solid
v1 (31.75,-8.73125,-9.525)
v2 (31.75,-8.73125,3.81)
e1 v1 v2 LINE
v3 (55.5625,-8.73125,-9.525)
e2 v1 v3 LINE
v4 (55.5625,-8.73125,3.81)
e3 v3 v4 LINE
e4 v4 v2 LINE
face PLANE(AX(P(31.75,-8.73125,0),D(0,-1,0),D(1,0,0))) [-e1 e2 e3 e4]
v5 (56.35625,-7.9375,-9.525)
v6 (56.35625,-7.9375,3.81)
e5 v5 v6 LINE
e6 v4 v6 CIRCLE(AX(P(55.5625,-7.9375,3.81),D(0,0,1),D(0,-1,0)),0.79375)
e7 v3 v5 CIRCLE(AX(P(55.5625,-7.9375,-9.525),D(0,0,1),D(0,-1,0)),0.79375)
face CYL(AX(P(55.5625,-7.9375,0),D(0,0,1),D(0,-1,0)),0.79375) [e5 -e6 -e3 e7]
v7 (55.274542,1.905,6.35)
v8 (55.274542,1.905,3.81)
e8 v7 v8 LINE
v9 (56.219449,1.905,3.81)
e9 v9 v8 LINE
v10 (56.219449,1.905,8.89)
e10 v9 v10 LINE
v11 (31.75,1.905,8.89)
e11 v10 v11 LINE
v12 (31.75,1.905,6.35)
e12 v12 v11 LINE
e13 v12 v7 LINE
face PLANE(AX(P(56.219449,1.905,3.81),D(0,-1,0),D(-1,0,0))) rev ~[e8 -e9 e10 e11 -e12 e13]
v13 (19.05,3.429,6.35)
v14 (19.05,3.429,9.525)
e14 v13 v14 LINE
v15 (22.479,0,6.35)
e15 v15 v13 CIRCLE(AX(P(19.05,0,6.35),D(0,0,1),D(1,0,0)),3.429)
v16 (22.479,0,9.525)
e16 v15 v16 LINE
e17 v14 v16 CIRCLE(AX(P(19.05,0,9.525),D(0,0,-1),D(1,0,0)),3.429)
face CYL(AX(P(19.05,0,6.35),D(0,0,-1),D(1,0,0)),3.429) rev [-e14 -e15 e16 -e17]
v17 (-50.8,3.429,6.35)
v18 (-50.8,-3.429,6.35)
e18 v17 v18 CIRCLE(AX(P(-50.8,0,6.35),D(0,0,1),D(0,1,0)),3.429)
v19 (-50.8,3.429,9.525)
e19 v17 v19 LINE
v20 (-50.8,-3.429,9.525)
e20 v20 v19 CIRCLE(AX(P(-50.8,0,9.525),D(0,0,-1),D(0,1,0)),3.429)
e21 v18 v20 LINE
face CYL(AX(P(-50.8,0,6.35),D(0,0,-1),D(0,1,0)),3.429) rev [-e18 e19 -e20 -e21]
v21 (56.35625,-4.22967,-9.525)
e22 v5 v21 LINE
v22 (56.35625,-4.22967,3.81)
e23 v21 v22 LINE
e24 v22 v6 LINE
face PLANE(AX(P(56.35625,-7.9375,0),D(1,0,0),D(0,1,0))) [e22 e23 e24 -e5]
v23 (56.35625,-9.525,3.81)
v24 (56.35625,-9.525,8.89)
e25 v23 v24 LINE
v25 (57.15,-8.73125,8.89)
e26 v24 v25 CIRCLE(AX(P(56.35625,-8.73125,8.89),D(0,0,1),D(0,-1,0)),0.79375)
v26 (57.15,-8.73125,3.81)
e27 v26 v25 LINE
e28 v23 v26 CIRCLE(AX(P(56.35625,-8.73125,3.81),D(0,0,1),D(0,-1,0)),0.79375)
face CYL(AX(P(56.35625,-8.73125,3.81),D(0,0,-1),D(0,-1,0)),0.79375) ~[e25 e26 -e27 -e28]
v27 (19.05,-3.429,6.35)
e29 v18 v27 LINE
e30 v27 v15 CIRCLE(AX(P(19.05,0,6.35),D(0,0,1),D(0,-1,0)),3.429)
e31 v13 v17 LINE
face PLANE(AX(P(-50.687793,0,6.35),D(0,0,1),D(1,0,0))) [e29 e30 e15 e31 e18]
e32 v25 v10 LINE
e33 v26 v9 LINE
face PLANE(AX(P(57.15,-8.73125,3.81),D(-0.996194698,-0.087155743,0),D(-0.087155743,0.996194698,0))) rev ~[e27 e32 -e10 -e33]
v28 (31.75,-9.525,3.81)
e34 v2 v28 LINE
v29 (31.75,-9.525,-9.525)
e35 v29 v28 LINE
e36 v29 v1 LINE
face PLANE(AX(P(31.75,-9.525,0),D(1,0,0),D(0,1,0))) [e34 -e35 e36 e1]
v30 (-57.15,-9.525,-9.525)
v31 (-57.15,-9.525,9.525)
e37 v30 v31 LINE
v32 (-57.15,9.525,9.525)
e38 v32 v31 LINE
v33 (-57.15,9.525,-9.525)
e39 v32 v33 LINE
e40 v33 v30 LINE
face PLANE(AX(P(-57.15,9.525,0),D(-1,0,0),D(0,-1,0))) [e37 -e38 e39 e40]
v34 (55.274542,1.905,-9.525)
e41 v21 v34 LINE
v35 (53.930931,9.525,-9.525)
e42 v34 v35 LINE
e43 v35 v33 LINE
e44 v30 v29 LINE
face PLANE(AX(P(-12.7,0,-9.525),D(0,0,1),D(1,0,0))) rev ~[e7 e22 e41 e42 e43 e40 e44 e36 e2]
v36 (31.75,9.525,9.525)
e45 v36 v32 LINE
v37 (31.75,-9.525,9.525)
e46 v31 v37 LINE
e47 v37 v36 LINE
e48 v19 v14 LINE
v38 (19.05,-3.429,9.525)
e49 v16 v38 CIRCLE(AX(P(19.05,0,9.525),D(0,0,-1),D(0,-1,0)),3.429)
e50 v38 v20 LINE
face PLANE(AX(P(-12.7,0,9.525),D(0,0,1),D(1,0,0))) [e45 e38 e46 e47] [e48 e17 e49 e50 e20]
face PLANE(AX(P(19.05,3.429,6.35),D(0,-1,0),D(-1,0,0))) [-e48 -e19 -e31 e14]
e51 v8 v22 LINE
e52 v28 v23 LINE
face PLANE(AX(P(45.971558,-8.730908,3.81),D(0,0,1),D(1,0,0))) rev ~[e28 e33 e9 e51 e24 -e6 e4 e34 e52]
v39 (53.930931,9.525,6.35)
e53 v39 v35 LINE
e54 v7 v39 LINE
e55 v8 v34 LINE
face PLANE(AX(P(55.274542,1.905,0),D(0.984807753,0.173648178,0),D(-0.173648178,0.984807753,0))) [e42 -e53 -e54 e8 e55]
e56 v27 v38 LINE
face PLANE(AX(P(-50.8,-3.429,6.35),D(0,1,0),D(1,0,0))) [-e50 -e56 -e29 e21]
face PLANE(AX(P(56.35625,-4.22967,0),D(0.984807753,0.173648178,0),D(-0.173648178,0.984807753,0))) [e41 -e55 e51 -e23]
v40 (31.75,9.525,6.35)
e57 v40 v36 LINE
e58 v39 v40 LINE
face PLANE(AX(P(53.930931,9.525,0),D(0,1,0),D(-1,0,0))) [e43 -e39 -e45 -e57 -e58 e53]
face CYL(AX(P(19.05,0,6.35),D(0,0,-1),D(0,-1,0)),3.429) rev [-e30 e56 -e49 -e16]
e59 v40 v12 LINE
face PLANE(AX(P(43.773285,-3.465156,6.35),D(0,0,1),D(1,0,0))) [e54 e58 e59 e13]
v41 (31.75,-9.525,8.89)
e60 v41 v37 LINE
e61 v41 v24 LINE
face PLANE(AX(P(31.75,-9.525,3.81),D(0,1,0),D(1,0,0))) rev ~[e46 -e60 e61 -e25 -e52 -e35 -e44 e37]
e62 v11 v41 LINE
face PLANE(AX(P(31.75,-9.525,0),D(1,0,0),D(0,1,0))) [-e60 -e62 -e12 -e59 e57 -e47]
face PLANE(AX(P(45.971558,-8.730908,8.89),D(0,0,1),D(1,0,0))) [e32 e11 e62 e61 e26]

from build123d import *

# Parameters (mm, degrees)
F1_DEPTH = 9.525
F2_START = 6.35
F2_DEPTH = 6.35
F3_START = 3.81
F3_DEPTH = 5.08


with BuildPart() as f1:
    # F0 (on Top) → F1 (new body, symmetric)
    with BuildSketch(Plane.XY):
        Polygon((-57.15, 9.525), (-57.15, -9.525), (31.75, -9.525), (31.75, -8.73125), (31.75, 1.905), (31.75, 9.525), align=None)
        with BuildLine():
            ThreePointArc((-50.8, -3.429), (-54.229, 0), (-50.8, 3.429))
            Line((-50.8, 3.429), (19.05, 3.429))
            ThreePointArc((19.05, 3.429), (21.4746691527, 2.4246691527), (22.479, 0))
            ThreePointArc((22.479, 0), (21.4746691527, -2.4246691527), (19.05, -3.429))
            Line((19.05, -3.429), (-50.8, -3.429))
        make_face(mode=Mode.SUBTRACT)
        with BuildLine():
            Line((31.75, 1.905), (31.75, -8.73125))
            Line((31.75, -8.73125), (55.5625, -8.73125))
            ThreePointArc((55.5625, -8.73125), (56.1237660076, -8.4987660076), (56.35625, -7.9375))
            Line((56.35625, -7.9375), (56.35625, -4.2296700557))
            Line((56.35625, -4.2296700557), (55.2745421514, 1.905))
            Line((55.2745421514, 1.905), (31.75, 1.905))
        make_face()
        Polygon((53.9309305584, 9.525), (31.75, 9.525), (31.75, 1.905), (55.2745421514, 1.905), align=None)
        with BuildLine():
            ThreePointArc((-50.8, -3.429), (-48.3753308473, -2.4246691527), (-47.371, 0))
            ThreePointArc((-47.371, 0), (-48.3753308473, 2.4246691527), (-50.8, 3.429))
            ThreePointArc((-50.8, 3.429), (-54.229, 0), (-50.8, -3.429))
        make_face()
        with BuildLine():
            ThreePointArc((-50.8, 3.429), (-48.3753308473, 2.4246691527), (-47.371, 0))
            ThreePointArc((-47.371, 0), (-48.3753308473, -2.4246691527), (-50.8, -3.429))
            Line((-50.8, -3.429), (19.05, -3.429))
            ThreePointArc((19.05, -3.429), (15.621, 0), (19.05, 3.429))
            Line((19.05, 3.429), (-50.8, 3.429))
        make_face()
        with BuildLine():
            ThreePointArc((22.479, 0), (21.4746691527, 2.4246691527), (19.05, 3.429))
            ThreePointArc((19.05, 3.429), (15.621, 0), (19.05, -3.429))
            ThreePointArc((19.05, -3.429), (21.4746691527, -2.4246691527), (22.479, 0))
        make_face()
    extrude(amount=F1_DEPTH, both=True)

    # F0 (on Top) → F2 (cut)
    with BuildSketch(Plane.XY.offset(F2_START)):
        with BuildLine():
            Line((31.75, 1.905), (31.75, -8.73125))
            Line((31.75, -8.73125), (55.5625, -8.73125))
            ThreePointArc((55.5625, -8.73125), (56.1237660076, -8.4987660076), (56.35625, -7.9375))
            Line((56.35625, -7.9375), (56.35625, -4.2296700557))
            Line((56.35625, -4.2296700557), (55.2745421514, 1.905))
            Line((55.2745421514, 1.905), (31.75, 1.905))
        make_face()
        Polygon((53.9309305584, 9.525), (31.75, 9.525), (31.75, 1.905), (55.2745421514, 1.905), align=None)
        with BuildLine():
            ThreePointArc((-50.8, -3.429), (-48.3753308473, -2.4246691527), (-47.371, 0))
            ThreePointArc((-47.371, 0), (-48.3753308473, 2.4246691527), (-50.8, 3.429))
            ThreePointArc((-50.8, 3.429), (-54.229, 0), (-50.8, -3.429))
        make_face()
        with BuildLine():
            ThreePointArc((-50.8, 3.429), (-48.3753308473, 2.4246691527), (-47.371, 0))
            ThreePointArc((-47.371, 0), (-48.3753308473, -2.4246691527), (-50.8, -3.429))
            Line((-50.8, -3.429), (19.05, -3.429))
            ThreePointArc((19.05, -3.429), (15.621, 0), (19.05, 3.429))
            Line((19.05, 3.429), (-50.8, 3.429))
        make_face()
        with BuildLine():
            ThreePointArc((22.479, 0), (21.4746691527, 2.4246691527), (19.05, 3.429))
            ThreePointArc((19.05, 3.429), (15.621, 0), (19.05, -3.429))
            ThreePointArc((19.05, -3.429), (21.4746691527, -2.4246691527), (22.479, 0))
        make_face()
    extrude(amount=F2_DEPTH, mode=Mode.SUBTRACT)

    # F0 (on Top) → F3 (join)
    with BuildSketch(Plane.XY.offset(F3_START)):
        with BuildLine():
            Line((31.75, -8.73125), (31.75, -9.525))
            Line((31.75, -9.525), (56.35625, -9.525))
            ThreePointArc((56.35625, -9.525), (56.9175160076, -9.2925160076), (57.15, -8.73125))
            Line((57.15, -8.73125), (56.35625, -4.2296700557))
            Line((56.35625, -4.2296700557), (56.35625, -7.9375))
            ThreePointArc((56.35625, -7.9375), (56.1237660076, -8.4987660076), (55.5625, -8.73125))
            Line((55.5625, -8.73125), (31.75, -8.73125))
        make_face()
        with BuildLine():
            Line((31.75, 1.905), (31.75, -8.73125))
            Line((31.75, -8.73125), (55.5625, -8.73125))
            ThreePointArc((55.5625, -8.73125), (56.1237660076, -8.4987660076), (56.35625, -7.9375))
            Line((56.35625, -7.9375), (56.35625, -4.2296700557))
            Line((56.35625, -4.2296700557), (55.2745421514, 1.905))
            Line((55.2745421514, 1.905), (31.75, 1.905))
        make_face()
        Polygon((56.35625, -4.2296700557), (57.15, -8.73125), (56.2194487026, 1.905), (55.2745421514, 1.905), align=None)
    extrude(amount=F3_DEPTH)


solid = f1.part
